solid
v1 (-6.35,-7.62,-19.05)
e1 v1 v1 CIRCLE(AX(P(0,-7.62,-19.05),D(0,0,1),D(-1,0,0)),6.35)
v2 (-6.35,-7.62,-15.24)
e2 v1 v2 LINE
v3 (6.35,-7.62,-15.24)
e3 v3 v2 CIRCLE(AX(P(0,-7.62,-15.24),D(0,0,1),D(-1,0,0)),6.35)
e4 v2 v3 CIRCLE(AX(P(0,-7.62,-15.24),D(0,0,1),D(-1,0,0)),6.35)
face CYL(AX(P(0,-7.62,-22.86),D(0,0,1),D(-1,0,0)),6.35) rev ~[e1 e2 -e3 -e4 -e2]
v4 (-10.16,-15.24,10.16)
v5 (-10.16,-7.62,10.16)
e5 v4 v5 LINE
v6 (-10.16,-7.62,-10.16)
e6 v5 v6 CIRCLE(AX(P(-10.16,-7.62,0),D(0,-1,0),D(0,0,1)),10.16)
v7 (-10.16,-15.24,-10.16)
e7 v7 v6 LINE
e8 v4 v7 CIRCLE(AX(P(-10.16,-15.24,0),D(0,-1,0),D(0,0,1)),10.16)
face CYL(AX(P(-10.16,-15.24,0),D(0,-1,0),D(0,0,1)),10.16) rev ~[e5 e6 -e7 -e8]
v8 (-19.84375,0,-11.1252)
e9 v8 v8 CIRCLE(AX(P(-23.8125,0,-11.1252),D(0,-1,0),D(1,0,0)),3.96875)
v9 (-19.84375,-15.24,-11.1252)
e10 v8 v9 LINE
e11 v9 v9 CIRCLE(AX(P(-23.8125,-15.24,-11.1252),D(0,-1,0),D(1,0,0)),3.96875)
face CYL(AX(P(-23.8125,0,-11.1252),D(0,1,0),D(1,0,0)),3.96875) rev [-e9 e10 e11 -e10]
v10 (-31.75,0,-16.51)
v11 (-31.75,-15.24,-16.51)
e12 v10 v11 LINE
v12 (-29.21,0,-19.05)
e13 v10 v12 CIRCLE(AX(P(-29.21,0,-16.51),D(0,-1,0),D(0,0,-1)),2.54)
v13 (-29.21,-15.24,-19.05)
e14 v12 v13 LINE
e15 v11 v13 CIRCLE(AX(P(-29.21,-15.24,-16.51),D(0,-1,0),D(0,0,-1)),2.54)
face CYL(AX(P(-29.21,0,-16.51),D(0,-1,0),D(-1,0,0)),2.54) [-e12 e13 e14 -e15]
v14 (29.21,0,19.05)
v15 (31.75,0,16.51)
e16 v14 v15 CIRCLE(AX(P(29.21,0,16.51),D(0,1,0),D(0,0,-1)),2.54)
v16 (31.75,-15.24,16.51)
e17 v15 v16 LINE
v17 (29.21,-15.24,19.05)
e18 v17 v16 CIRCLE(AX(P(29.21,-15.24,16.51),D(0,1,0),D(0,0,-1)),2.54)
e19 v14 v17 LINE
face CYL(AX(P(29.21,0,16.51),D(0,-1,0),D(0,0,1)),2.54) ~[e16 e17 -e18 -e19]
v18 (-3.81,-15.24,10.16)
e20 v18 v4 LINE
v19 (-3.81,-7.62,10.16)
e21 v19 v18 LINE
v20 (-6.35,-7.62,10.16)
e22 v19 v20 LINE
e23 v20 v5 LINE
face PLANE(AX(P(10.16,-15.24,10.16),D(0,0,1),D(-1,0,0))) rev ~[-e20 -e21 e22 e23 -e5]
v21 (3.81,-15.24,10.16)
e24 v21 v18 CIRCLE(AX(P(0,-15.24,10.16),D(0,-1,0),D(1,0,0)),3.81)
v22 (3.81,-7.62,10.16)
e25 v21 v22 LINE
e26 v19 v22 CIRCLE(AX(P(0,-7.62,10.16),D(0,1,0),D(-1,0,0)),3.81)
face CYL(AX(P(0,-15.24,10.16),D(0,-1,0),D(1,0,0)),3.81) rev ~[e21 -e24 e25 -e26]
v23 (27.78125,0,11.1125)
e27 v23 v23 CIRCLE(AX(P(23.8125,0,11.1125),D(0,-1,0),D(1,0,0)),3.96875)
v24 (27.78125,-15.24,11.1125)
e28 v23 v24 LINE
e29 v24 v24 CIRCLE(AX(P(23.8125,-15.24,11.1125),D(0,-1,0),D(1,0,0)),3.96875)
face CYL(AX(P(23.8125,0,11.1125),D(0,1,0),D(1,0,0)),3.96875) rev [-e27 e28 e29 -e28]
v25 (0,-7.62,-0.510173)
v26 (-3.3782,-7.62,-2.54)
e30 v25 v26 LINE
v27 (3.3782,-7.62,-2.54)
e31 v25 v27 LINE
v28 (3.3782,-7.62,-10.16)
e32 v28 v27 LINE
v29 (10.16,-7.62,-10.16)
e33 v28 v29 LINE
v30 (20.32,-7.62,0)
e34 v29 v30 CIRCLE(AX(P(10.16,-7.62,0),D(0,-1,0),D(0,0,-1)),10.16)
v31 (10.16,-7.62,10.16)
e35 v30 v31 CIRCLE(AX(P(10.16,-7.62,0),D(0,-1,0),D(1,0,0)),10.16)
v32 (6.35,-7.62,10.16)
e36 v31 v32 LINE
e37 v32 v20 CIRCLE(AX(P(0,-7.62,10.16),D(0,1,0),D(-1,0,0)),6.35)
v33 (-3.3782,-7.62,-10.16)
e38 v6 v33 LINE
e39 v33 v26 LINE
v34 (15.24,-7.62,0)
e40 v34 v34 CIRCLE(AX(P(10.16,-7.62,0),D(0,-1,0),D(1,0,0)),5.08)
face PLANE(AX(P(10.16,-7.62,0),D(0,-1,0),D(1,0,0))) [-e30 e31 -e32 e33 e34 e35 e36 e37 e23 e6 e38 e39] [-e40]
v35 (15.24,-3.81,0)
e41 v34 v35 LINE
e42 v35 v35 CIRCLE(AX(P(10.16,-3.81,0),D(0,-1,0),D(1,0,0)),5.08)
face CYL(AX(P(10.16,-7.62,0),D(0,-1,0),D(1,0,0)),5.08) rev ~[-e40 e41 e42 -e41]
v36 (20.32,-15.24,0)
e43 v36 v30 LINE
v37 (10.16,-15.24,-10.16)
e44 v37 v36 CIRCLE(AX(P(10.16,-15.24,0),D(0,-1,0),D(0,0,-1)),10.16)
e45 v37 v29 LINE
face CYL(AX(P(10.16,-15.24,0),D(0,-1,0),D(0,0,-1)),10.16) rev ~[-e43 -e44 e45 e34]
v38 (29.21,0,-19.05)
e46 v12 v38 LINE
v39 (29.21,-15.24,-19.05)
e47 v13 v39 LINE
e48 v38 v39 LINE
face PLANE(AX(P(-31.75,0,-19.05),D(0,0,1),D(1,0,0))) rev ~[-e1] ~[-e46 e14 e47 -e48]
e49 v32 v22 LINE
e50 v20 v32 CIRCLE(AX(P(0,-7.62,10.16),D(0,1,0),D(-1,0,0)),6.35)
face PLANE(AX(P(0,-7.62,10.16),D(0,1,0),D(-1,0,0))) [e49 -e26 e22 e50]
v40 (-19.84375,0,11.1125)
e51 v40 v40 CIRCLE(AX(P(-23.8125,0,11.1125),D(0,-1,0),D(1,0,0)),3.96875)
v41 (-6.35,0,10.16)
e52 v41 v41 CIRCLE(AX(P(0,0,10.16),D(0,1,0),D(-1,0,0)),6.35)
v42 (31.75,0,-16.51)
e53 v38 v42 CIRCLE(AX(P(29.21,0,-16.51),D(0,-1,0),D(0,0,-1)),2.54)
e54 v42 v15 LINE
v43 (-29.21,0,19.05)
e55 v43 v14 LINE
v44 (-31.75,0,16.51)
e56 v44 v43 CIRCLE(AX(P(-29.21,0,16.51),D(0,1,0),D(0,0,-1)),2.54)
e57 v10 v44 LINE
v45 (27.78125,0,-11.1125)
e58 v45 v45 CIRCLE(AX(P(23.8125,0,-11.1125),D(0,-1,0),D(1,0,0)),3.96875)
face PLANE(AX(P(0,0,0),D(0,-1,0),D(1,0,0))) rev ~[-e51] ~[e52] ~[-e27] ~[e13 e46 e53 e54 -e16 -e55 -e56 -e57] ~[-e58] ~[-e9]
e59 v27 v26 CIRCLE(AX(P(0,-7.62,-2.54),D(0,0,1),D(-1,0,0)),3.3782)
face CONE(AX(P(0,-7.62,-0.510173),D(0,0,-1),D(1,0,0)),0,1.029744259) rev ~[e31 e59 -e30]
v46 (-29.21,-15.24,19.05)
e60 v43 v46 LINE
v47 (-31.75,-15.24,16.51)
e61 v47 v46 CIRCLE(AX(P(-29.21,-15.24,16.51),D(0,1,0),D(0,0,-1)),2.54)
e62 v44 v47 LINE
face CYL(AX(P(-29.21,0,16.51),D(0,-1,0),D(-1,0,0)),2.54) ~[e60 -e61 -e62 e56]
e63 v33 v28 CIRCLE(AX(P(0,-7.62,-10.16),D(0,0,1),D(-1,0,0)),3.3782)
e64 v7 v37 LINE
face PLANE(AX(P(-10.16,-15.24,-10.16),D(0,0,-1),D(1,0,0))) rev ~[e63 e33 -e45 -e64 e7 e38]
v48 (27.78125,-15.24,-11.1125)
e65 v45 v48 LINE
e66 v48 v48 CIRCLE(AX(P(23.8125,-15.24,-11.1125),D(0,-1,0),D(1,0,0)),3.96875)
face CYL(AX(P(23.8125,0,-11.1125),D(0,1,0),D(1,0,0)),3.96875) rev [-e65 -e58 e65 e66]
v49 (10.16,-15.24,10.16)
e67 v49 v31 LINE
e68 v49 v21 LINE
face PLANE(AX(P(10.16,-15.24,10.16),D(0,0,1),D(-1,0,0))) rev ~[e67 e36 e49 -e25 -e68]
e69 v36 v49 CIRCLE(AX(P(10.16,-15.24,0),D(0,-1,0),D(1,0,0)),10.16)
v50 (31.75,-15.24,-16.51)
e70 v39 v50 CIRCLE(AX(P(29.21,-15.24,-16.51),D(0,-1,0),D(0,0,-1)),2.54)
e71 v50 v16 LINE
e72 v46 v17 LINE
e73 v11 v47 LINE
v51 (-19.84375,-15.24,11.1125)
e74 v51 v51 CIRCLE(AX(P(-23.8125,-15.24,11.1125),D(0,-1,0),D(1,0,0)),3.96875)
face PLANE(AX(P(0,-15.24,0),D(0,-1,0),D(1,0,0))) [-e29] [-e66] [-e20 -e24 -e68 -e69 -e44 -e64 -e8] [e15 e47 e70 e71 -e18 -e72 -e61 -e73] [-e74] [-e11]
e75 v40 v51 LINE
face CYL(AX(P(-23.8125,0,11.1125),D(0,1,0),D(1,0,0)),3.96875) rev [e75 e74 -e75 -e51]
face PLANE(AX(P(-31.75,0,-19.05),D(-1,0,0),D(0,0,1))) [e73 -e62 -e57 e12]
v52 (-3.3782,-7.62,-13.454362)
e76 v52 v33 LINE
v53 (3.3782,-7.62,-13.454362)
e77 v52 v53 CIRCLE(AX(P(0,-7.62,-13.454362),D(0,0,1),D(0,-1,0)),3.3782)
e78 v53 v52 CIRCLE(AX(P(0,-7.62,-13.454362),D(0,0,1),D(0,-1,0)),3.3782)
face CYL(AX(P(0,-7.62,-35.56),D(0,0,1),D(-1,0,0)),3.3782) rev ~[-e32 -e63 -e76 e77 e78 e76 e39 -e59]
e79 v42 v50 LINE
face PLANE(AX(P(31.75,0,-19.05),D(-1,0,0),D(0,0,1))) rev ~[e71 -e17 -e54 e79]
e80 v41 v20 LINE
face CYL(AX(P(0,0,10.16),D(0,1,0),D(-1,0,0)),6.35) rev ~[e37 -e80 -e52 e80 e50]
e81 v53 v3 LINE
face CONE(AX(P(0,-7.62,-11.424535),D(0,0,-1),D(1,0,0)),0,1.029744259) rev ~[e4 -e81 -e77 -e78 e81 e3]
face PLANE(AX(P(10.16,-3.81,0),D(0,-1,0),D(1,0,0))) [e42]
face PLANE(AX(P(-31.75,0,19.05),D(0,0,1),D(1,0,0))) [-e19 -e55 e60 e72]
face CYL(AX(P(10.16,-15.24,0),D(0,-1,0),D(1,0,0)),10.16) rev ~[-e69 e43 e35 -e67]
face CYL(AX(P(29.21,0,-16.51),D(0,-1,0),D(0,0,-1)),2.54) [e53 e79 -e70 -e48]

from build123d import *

# Parameters (mm, degrees)
F0_W      = 63.5
F0_H      = 38.1
F0_R      = 3.96875
F1_DEPTH  = 15.24
F3_DEPTH  = 7.62
F4_R      = 5.08
F5_DEPTH  = 3.81
F7_DEPTH  = 25.4
F8_R      = 6.35
F8_R_2    = 3.81
F9_DEPTH  = 7.62
F11_D     = 6.7564
F11_DEPTH = 16.51
F11_TIP   = 2.0298273432
F13_D     = 12.7
F13_DEPTH = 3.81
F13_TIP   = 3.8154649308
F14_R     = 2.54


with BuildPart() as f1:
    # F0 (on Front) → F1 (new body)
    with BuildSketch(Plane.XZ):
        Rectangle(F0_W, F0_H)
        with Locations((-23.8125, -11.1252)):
            Circle(F0_R, mode=Mode.SUBTRACT)
        with Locations((23.8125, -11.1125)):
            Circle(F0_R, mode=Mode.SUBTRACT)
        with Locations((-23.8125, 11.1125)):
            Circle(F0_R, mode=Mode.SUBTRACT)
        with Locations((23.8125, 11.1125)):
            Circle(F0_R, mode=Mode.SUBTRACT)
    extrude(amount=F1_DEPTH)

    # F2 (on face) → F3 (cut)
    with BuildSketch(Plane.XZ.offset(15.24)):
        with BuildLine():
            ThreePointArc((10.16, -10.16), (17.3442048969, -7.1842048969), (20.32, 0))
            ThreePointArc((20.32, 0), (17.3442048969, 7.1842048969), (10.16, 10.16))
            ThreePointArc((10.16, 10.16), (2.9757951031, 7.1842048969), (0, 0))
            ThreePointArc((0, 0), (2.9757951031, -7.1842048969), (10.16, -10.16))
        make_face()
        with BuildLine():
            ThreePointArc((0, 0), (2.9757951031, 7.1842048969), (10.16, 10.16))
            Line((10.16, 10.16), (-10.16, 10.16))
            ThreePointArc((-10.16, 10.16), (-2.9757951031, 7.1842048969), (0, 0))
        make_face()
        with BuildLine():
            Line((-10.16, -10.16), (10.16, -10.16))
            ThreePointArc((10.16, -10.16), (2.9757951031, -7.1842048969), (0, 0))
            ThreePointArc((0, 0), (-2.9757951031, -7.1842048969), (-10.16, -10.16))
        make_face()
        with BuildLine():
            ThreePointArc((-10.16, -10.16), (-2.9757951031, -7.1842048969), (0, 0))
            ThreePointArc((0, 0), (-2.9757951031, 7.1842048969), (-10.16, 10.16))
            ThreePointArc((-10.16, 10.16), (-20.32, 0), (-10.16, -10.16))
        make_face()
    extrude(amount=-F3_DEPTH, mode=Mode.SUBTRACT)

    # F4 (on face) → F5 (cut)
    with BuildSketch(Plane.XZ.offset(7.62)):
        with Locations((10.16, 0)):
            Circle(F4_R)
    extrude(amount=-F5_DEPTH, mode=Mode.SUBTRACT)

    # F6 (on face) → F7 (cut)
    with BuildSketch(Plane.XZ.offset(15.24)):
        with BuildLine():
            ThreePointArc((-3.81, 10.16), (0, 6.35), (3.81, 10.16))
            Line((3.81, 10.16), (-3.81, 10.16))
        make_face()
        with BuildLine():
            Line((-3.81, 10.16), (3.81, 10.16))
            ThreePointArc((3.81, 10.16), (0, 13.97), (-3.81, 10.16))
        make_face()
    extrude(amount=-F7_DEPTH, mode=Mode.SUBTRACT)

    # F8 (on face) → F9 (cut)
    with BuildSketch(Plane(origin=(0, 0, 0), x_dir=(-1, 0, 0), z_dir=(0, 1, 0))):
        with Locations((0, 10.16)):
            Circle(F8_R)
        with Locations((0, 10.16)):
            Circle(F8_R_2, mode=Mode.SUBTRACT)
    extrude(amount=-F9_DEPTH, mode=Mode.SUBTRACT)

    # F11
    with Locations(Plane(origin=(0, 0, -19.05), x_dir=(1, 0, 0), z_dir=(0, 0, -1))):
        with Locations((0, 7.62)):
            Hole(F11_D / 2, depth=F11_DEPTH)
            with Locations((0, 0, -(F11_DEPTH + F11_TIP / 2))):  # 118° drill point
                Cone(0, F11_D / 2, F11_TIP, mode=Mode.SUBTRACT)

    # F13
    with Locations(Plane(origin=(0, 0, -19.05), x_dir=(1, 0, 0), z_dir=(0, 0, -1))):
        with Locations((0, 7.62)):
            Hole(F13_D / 2, depth=F13_DEPTH)
            with Locations((0, 0, -(F13_DEPTH + F13_TIP / 2))):  # 118° drill point
                Cone(0, F13_D / 2, F13_TIP, mode=Mode.SUBTRACT)

    # F14
    f14_edges = [f1.edges().sort_by_distance(p)[0] for p in [
        (31.75, -7.62, -19.05),
        (-31.75, -7.62, -19.05),
        (31.75, -7.62, 19.05),
        (-31.75, -7.62, 19.05),
    ]]
    fillet(f14_edges, radius=F14_R)


solid = f1.part
